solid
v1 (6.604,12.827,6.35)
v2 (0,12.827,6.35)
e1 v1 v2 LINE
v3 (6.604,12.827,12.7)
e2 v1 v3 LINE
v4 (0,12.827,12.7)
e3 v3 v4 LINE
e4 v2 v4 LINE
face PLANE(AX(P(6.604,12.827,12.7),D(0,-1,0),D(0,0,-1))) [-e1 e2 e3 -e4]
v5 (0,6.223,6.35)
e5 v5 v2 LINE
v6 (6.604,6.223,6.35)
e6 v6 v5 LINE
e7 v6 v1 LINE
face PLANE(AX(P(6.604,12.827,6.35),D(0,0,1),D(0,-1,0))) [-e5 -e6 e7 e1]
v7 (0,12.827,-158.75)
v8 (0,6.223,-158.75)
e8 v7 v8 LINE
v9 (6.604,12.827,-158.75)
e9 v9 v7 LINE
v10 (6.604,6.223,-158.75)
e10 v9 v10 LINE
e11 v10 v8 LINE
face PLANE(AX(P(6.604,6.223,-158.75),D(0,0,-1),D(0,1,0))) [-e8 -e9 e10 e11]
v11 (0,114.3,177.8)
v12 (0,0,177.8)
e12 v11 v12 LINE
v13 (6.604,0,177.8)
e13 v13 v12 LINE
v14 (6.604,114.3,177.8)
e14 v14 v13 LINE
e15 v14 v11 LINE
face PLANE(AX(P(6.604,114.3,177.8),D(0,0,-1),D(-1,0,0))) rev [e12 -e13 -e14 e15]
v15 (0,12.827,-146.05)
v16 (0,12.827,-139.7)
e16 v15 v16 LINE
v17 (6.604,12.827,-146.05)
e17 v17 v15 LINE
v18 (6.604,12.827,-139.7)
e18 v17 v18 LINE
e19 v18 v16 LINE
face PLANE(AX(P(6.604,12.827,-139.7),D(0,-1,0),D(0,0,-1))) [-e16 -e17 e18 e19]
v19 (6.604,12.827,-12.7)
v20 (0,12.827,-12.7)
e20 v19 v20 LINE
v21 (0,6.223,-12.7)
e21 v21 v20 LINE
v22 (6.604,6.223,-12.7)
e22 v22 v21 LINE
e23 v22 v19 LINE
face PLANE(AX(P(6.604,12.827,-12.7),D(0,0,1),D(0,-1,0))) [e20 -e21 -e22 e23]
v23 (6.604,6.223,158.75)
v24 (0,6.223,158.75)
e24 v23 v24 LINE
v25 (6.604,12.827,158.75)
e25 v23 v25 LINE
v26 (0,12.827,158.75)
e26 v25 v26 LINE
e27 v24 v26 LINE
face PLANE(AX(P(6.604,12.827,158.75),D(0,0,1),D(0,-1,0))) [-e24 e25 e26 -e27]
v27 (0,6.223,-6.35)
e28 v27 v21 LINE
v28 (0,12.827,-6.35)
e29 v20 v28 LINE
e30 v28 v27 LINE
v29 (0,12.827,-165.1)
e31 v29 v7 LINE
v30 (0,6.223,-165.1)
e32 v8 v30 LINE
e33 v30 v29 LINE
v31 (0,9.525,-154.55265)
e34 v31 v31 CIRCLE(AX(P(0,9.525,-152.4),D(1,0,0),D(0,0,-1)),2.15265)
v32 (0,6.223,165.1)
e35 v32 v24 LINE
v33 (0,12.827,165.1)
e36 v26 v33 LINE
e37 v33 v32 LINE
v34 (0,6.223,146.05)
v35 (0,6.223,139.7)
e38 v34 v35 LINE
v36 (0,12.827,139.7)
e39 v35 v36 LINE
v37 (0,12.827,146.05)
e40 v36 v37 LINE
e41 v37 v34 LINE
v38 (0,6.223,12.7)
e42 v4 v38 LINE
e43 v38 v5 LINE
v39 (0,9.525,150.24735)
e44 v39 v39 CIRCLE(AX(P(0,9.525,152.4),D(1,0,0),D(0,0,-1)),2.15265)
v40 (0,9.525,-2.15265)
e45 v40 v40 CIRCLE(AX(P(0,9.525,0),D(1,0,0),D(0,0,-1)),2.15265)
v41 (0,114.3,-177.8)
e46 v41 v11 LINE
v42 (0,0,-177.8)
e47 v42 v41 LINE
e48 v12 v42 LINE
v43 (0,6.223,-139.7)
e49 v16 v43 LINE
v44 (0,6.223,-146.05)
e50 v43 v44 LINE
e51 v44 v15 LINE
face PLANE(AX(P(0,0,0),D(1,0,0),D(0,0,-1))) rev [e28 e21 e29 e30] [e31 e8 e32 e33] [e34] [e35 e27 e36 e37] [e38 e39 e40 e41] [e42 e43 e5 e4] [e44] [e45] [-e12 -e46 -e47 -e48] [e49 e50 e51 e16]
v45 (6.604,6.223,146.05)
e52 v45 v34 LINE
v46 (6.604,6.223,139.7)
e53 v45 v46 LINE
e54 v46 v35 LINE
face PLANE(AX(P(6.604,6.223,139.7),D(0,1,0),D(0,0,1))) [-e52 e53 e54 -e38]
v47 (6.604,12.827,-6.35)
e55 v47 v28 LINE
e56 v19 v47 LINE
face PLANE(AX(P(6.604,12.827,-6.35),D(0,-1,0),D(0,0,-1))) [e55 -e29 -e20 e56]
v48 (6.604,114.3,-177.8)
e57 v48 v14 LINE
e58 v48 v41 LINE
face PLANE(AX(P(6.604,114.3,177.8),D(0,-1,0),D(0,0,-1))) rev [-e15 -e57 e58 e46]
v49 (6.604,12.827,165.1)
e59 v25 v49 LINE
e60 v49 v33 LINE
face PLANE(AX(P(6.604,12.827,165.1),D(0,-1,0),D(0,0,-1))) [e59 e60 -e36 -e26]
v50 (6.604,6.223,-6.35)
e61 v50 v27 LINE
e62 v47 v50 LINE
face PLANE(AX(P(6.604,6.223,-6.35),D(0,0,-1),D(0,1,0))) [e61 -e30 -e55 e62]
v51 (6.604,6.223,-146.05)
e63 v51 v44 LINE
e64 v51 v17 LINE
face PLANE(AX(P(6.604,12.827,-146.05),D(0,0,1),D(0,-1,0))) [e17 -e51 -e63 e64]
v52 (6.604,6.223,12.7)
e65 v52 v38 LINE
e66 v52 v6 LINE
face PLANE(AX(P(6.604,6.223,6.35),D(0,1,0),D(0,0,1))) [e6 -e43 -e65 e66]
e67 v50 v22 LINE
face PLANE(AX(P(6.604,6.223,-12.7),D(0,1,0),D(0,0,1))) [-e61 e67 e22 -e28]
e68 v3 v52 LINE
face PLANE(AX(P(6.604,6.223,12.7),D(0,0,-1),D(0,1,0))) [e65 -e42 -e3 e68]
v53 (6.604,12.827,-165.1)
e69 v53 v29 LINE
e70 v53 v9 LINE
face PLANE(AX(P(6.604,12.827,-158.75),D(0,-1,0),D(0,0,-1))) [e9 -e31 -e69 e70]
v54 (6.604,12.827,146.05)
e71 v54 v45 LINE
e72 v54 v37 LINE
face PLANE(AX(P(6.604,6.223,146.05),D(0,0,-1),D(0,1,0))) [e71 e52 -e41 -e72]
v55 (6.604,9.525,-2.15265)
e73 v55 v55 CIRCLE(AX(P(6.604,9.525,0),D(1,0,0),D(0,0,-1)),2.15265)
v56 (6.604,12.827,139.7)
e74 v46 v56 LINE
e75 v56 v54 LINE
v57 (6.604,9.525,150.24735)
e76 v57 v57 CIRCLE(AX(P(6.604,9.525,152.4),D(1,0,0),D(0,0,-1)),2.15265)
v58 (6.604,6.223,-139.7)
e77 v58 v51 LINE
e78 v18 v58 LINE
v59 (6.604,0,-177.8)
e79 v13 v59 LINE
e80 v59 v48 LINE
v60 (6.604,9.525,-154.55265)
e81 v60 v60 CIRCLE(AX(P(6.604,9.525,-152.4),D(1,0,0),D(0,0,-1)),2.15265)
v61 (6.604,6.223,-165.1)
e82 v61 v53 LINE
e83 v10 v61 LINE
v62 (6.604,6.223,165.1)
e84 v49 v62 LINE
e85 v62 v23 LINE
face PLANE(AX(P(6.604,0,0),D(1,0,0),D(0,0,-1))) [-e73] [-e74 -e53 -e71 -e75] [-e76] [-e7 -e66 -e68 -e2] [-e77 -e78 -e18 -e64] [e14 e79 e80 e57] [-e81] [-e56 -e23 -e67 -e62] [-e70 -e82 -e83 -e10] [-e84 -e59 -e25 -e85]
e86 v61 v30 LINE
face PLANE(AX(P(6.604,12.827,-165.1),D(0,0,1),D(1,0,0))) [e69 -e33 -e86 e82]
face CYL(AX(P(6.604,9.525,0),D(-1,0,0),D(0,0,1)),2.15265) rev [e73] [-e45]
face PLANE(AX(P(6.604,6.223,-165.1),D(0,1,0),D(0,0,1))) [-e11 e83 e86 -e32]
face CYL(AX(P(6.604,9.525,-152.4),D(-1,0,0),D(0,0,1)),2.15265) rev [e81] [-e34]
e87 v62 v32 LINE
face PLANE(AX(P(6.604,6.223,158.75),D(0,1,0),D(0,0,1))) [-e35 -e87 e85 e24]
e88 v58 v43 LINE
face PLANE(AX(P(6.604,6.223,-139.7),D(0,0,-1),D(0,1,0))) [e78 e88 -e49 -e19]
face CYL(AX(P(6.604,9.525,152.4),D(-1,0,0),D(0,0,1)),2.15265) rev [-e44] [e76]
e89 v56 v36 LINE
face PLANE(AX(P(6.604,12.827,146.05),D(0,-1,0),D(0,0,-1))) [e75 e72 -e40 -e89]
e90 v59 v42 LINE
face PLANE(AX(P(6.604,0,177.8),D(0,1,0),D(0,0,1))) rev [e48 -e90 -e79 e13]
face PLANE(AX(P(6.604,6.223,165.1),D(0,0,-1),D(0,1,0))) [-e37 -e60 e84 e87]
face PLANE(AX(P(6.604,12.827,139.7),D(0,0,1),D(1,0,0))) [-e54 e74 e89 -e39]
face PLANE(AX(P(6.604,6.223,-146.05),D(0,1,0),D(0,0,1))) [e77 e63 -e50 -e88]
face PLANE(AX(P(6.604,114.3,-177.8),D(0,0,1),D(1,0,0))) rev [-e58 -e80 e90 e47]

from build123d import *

# Parameters (mm, degrees)
SKETCH1_W           = 355.6
SKETCH1_H           = 114.3
SKETCH1_R           = 2.15265
SKETCH1_W_2         = 6.35
SKETCH1_H_2         = 6.604
BOSS_EXTRUDE1_DEPTH = 6.604


with BuildPart() as part:
    # Sketch1 → Boss-Extrude1 (new body)
    with BuildSketch(Plane(origin=(0, 0, 0), x_dir=(0, 0, -1), z_dir=(1, 0, 0))):
        with Locations((0, 57.15)):
            Rectangle(SKETCH1_W, SKETCH1_H)
        with Locations((-152.4, 9.525)):
            Circle(SKETCH1_R, mode=Mode.SUBTRACT)
        with Locations((0, 9.525)):
            Circle(SKETCH1_R, mode=Mode.SUBTRACT)
        with Locations((152.4, 9.525)):
            Circle(SKETCH1_R, mode=Mode.SUBTRACT)
        with Locations((-142.875, 9.525)):
            Rectangle(SKETCH1_W_2, SKETCH1_H_2, mode=Mode.SUBTRACT)
        with Locations((-161.925, 9.525)):
            Rectangle(SKETCH1_W_2, SKETCH1_H_2, mode=Mode.SUBTRACT)
        with Locations((9.525, 9.525)):
            Rectangle(SKETCH1_W_2, SKETCH1_H_2, mode=Mode.SUBTRACT)
        with Locations((-9.525, 9.525)):
            Rectangle(SKETCH1_W_2, SKETCH1_H_2, mode=Mode.SUBTRACT)
        with Locations((161.925, 9.525)):
            Rectangle(SKETCH1_W_2, SKETCH1_H_2, mode=Mode.SUBTRACT)
        with Locations((142.875, 9.525)):
            Rectangle(SKETCH1_W_2, SKETCH1_H_2, mode=Mode.SUBTRACT)
    extrude(amount=BOSS_EXTRUDE1_DEPTH)


solid = part.part
